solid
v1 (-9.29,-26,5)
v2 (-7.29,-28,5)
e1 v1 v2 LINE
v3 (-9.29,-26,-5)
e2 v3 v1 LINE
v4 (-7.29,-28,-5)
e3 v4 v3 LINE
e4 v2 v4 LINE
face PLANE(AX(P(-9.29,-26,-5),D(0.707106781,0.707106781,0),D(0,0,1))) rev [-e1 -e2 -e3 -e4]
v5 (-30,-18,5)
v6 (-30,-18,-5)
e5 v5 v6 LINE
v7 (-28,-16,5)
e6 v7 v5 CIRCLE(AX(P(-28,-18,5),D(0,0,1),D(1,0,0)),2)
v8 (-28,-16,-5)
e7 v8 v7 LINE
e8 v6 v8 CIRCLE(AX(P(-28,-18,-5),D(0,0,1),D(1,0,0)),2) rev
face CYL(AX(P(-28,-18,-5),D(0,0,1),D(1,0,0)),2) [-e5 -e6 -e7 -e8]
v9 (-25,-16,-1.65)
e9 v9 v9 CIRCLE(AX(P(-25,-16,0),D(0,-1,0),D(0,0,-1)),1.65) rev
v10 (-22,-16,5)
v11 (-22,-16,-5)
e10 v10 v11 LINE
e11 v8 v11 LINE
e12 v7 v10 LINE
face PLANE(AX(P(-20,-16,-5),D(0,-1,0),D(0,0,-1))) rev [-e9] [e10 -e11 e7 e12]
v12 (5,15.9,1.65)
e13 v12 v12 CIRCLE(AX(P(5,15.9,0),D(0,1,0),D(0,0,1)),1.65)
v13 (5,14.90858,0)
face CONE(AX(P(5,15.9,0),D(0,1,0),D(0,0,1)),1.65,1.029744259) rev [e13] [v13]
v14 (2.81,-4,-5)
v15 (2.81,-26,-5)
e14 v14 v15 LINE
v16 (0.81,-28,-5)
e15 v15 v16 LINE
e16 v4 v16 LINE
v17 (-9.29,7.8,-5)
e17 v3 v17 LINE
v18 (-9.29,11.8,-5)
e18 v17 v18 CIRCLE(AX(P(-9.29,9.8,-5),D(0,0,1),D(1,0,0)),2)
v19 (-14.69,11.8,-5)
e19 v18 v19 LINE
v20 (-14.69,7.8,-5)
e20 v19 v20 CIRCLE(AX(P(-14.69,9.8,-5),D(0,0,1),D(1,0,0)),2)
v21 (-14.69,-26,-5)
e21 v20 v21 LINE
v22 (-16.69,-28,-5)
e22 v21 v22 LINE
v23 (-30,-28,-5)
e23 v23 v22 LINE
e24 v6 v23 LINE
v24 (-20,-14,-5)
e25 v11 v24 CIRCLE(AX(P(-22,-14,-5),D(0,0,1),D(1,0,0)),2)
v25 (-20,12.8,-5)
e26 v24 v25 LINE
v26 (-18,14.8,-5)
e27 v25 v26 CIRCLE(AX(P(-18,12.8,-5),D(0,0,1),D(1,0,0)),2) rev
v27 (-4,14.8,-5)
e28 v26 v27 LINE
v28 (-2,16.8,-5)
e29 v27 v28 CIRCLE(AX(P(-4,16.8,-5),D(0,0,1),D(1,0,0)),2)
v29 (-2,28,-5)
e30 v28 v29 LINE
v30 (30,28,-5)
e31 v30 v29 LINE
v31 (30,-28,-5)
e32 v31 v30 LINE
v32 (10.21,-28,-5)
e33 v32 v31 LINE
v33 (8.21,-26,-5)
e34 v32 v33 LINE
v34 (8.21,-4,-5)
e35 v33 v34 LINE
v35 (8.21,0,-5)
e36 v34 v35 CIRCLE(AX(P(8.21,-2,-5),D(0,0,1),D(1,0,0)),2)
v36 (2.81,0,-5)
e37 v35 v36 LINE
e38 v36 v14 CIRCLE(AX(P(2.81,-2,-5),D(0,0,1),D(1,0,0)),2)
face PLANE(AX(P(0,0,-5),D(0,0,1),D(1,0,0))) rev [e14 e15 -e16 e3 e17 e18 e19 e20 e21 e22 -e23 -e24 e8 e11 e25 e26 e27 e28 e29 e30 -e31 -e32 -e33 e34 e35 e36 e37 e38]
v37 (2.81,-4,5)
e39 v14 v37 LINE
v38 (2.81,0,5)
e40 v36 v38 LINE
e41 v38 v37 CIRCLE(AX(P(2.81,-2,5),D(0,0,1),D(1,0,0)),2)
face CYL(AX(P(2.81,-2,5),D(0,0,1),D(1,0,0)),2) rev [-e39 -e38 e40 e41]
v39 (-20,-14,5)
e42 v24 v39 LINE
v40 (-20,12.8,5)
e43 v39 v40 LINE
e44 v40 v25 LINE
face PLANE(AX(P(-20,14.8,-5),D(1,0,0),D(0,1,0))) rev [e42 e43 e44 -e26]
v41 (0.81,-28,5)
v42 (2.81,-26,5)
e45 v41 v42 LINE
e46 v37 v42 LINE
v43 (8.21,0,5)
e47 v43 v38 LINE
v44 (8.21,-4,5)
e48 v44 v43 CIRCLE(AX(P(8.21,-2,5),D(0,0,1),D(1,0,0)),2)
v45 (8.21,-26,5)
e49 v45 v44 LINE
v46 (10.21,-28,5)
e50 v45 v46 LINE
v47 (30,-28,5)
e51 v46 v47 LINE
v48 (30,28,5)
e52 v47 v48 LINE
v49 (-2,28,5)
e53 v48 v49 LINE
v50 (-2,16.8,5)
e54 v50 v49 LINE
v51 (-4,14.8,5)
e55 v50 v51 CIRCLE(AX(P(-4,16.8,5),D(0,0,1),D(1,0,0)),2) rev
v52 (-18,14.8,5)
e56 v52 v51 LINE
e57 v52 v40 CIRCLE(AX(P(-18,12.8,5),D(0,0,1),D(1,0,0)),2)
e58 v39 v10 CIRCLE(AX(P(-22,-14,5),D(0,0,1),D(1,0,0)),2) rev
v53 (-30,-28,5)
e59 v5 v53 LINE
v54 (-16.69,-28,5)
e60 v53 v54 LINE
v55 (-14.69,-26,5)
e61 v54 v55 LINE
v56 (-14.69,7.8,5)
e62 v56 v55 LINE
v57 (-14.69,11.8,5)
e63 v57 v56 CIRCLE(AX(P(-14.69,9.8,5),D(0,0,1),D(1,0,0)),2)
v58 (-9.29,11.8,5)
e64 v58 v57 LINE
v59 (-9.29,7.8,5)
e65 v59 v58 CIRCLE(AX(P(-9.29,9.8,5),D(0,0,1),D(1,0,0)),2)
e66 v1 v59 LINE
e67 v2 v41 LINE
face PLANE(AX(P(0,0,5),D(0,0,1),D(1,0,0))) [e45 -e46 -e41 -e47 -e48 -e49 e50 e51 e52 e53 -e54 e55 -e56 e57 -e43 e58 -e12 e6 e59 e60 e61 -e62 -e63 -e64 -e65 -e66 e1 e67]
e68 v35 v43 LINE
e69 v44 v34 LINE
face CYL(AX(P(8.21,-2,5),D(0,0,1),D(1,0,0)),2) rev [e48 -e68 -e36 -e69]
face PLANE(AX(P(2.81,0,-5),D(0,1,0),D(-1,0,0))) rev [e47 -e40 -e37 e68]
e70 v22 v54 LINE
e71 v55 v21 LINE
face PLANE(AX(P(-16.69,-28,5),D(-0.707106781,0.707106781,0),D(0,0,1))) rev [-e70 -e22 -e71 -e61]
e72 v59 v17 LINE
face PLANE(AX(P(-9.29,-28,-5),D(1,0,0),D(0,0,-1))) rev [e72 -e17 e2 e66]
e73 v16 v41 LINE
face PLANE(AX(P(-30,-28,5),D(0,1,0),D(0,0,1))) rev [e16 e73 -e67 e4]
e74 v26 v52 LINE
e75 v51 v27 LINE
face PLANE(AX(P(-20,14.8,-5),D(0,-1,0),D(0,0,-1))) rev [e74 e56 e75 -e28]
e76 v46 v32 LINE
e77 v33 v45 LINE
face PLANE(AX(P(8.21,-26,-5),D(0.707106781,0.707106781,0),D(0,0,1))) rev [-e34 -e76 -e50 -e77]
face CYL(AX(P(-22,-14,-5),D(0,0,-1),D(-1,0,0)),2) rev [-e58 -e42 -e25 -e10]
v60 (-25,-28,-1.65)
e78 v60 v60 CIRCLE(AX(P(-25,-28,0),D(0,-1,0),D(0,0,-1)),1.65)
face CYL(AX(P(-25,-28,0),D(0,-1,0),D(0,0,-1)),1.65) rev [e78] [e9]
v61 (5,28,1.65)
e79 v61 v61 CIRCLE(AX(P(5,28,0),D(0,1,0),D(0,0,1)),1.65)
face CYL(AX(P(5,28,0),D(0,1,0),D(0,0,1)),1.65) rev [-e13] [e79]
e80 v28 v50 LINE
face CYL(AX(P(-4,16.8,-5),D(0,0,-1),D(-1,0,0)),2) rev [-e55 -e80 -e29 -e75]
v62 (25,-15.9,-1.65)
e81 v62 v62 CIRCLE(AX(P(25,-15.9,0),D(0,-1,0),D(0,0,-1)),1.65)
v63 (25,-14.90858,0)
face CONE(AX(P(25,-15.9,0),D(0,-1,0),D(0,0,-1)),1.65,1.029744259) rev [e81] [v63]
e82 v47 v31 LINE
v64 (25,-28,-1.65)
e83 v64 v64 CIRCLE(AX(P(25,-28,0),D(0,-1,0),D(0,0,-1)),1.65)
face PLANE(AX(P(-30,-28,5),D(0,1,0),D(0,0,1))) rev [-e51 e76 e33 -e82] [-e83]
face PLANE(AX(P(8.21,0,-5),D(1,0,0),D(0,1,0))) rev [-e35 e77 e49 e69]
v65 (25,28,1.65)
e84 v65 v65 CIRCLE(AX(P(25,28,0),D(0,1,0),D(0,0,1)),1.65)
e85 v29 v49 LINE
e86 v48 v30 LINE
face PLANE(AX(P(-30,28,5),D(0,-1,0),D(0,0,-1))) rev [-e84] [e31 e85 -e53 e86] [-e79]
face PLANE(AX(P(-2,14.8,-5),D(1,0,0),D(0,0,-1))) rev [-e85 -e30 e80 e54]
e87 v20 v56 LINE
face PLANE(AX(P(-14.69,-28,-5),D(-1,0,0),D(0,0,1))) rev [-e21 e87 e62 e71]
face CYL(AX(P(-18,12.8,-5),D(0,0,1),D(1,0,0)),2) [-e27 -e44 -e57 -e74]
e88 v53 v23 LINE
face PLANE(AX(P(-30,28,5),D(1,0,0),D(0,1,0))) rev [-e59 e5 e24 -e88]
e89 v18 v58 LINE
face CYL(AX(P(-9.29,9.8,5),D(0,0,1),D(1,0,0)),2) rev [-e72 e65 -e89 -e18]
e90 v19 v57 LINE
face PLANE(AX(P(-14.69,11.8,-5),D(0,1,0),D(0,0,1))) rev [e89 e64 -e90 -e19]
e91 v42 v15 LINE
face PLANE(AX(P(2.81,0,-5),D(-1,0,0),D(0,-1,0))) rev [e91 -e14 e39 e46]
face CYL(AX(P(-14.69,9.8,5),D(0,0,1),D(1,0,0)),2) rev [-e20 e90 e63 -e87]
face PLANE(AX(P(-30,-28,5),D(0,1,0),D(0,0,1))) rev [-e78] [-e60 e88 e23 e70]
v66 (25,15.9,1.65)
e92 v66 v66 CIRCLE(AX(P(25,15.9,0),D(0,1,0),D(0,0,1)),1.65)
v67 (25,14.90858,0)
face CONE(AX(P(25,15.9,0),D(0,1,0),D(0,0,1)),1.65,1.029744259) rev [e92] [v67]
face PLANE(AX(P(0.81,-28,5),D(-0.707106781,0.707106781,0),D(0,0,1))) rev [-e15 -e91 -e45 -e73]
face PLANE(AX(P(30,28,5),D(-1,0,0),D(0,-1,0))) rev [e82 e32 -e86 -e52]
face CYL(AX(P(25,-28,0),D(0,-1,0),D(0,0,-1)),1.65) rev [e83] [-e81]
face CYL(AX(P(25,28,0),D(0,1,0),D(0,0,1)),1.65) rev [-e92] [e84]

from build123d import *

# Parameters (mm, degrees)
SKETCH_1_W             = 60
SKETCH_1_H             = 56
EXTRUDE_1_DEPTH        = 5
SKETCH_3_W             = 5.4
SKETCH_3_H             = 28
SKETCH_3_H_2           = 39.8
CUT_EXTRUDE_1_DEPTH    = 43.237424164
HOLE_WIZARD_M4_1_D     = 3.3
HOLE_WIZARD_M4_1_DEPTH = 12.1
HOLE_WIZARD_M4_1_TIP   = 0.991420021
MM_1_D                 = 4
MM_1_DEPTH             = 13
MM_1_TIP               = 1.201721238
CHAMFER_1_SIZE         = 2
CUT_EXTRUDE_4_DEPTH    = 43.237424164
FILLET_2_R             = 2
HOLE_WIZARD_M4_2_D     = 3.3
HOLE_WIZARD_M4_2_DEPTH = 12.1
HOLE_WIZARD_M4_2_TIP   = 0.991420021


with BuildPart() as part:
    # 草图1 → 凸台-拉伸1 (new, symmetric)
    with BuildSketch(Plane.XY):
        Rectangle(SKETCH_1_W, SKETCH_1_H)
    extrude(amount=EXTRUDE_1_DEPTH, both=True)

    # 草图3 → 切除-拉伸1 (cut, through all)
    with BuildSketch(Plane.XY.offset(5)):
        with Locations((5.51, -14)):
            Rectangle(SKETCH_3_W, SKETCH_3_H)
        with Locations((-11.99, -8.1)):
            Rectangle(SKETCH_3_W, SKETCH_3_H_2)
    extrude(amount=-CUT_EXTRUDE_1_DEPTH, mode=Mode.SUBTRACT)

    # M4 螺纹孔1
    with Locations(Plane(origin=(0, -28, 0), x_dir=(-1, 0, 0), z_dir=(0, -1, 0))):
        with Locations((25, 0), (-25, 0)):
            Hole(HOLE_WIZARD_M4_1_D / 2, depth=HOLE_WIZARD_M4_1_DEPTH)
            with Locations((0, 0, -(HOLE_WIZARD_M4_1_DEPTH + HOLE_WIZARD_M4_1_TIP / 2))):  # 118° drill point
                Cone(0, HOLE_WIZARD_M4_1_D / 2, HOLE_WIZARD_M4_1_TIP, mode=Mode.SUBTRACT)

    # 大小mm 暗销孔1
    with Locations(Plane.XY.offset(5)):
        with Locations((-14.69, 9.8), (-9.29, 9.8), (2.81, -2), (8.21, -2)):
            Hole(MM_1_D / 2, depth=MM_1_DEPTH)
            with Locations((0, 0, -(MM_1_DEPTH + MM_1_TIP / 2))):  # 118° drill point
                Cone(0, MM_1_D / 2, MM_1_TIP, mode=Mode.SUBTRACT)

    # 倒角1
    chamfer_1_edges = [part.edges().sort_by_distance(p)[0] for p in [
        (2.81, -28, 0),
        (8.21, -28, 0),
        (-9.29, -28, 0),
        (-14.69, -28, 0),
    ]]
    chamfer(chamfer_1_edges, length=CHAMFER_1_SIZE)

    # 草图13 → 切除-拉伸4 (cut, through all)
    with BuildSketch(Plane.XY.offset(5)):
        Polygon((-30, 28), (-2, 28), (-2, 14.8), (-20, 14.8), (-20, -16), (-30, -16), align=None)
    extrude(amount=-CUT_EXTRUDE_4_DEPTH, mode=Mode.SUBTRACT)

    # 圆角2
    fillet_2_edges = [part.edges().sort_by_distance(p)[0] for p in [
        (-20, -16, 0),
        (-30, -16, 0),
        (-2, 14.8, 0),
        (-20, 14.8, 0),
    ]]
    fillet(fillet_2_edges, radius=FILLET_2_R)

    # M4 螺纹孔2
    with Locations(Plane(origin=(0, 28, 0), x_dir=(1, 0, 0), z_dir=(0, 1, 0))):
        with Locations((25, 0), (5, 0)):
            Hole(HOLE_WIZARD_M4_2_D / 2, depth=HOLE_WIZARD_M4_2_DEPTH)
            with Locations((0, 0, -(HOLE_WIZARD_M4_2_DEPTH + HOLE_WIZARD_M4_2_TIP / 2))):  # 118° drill point
                Cone(0, HOLE_WIZARD_M4_2_D / 2, HOLE_WIZARD_M4_2_TIP, mode=Mode.SUBTRACT)


solid = part.part
